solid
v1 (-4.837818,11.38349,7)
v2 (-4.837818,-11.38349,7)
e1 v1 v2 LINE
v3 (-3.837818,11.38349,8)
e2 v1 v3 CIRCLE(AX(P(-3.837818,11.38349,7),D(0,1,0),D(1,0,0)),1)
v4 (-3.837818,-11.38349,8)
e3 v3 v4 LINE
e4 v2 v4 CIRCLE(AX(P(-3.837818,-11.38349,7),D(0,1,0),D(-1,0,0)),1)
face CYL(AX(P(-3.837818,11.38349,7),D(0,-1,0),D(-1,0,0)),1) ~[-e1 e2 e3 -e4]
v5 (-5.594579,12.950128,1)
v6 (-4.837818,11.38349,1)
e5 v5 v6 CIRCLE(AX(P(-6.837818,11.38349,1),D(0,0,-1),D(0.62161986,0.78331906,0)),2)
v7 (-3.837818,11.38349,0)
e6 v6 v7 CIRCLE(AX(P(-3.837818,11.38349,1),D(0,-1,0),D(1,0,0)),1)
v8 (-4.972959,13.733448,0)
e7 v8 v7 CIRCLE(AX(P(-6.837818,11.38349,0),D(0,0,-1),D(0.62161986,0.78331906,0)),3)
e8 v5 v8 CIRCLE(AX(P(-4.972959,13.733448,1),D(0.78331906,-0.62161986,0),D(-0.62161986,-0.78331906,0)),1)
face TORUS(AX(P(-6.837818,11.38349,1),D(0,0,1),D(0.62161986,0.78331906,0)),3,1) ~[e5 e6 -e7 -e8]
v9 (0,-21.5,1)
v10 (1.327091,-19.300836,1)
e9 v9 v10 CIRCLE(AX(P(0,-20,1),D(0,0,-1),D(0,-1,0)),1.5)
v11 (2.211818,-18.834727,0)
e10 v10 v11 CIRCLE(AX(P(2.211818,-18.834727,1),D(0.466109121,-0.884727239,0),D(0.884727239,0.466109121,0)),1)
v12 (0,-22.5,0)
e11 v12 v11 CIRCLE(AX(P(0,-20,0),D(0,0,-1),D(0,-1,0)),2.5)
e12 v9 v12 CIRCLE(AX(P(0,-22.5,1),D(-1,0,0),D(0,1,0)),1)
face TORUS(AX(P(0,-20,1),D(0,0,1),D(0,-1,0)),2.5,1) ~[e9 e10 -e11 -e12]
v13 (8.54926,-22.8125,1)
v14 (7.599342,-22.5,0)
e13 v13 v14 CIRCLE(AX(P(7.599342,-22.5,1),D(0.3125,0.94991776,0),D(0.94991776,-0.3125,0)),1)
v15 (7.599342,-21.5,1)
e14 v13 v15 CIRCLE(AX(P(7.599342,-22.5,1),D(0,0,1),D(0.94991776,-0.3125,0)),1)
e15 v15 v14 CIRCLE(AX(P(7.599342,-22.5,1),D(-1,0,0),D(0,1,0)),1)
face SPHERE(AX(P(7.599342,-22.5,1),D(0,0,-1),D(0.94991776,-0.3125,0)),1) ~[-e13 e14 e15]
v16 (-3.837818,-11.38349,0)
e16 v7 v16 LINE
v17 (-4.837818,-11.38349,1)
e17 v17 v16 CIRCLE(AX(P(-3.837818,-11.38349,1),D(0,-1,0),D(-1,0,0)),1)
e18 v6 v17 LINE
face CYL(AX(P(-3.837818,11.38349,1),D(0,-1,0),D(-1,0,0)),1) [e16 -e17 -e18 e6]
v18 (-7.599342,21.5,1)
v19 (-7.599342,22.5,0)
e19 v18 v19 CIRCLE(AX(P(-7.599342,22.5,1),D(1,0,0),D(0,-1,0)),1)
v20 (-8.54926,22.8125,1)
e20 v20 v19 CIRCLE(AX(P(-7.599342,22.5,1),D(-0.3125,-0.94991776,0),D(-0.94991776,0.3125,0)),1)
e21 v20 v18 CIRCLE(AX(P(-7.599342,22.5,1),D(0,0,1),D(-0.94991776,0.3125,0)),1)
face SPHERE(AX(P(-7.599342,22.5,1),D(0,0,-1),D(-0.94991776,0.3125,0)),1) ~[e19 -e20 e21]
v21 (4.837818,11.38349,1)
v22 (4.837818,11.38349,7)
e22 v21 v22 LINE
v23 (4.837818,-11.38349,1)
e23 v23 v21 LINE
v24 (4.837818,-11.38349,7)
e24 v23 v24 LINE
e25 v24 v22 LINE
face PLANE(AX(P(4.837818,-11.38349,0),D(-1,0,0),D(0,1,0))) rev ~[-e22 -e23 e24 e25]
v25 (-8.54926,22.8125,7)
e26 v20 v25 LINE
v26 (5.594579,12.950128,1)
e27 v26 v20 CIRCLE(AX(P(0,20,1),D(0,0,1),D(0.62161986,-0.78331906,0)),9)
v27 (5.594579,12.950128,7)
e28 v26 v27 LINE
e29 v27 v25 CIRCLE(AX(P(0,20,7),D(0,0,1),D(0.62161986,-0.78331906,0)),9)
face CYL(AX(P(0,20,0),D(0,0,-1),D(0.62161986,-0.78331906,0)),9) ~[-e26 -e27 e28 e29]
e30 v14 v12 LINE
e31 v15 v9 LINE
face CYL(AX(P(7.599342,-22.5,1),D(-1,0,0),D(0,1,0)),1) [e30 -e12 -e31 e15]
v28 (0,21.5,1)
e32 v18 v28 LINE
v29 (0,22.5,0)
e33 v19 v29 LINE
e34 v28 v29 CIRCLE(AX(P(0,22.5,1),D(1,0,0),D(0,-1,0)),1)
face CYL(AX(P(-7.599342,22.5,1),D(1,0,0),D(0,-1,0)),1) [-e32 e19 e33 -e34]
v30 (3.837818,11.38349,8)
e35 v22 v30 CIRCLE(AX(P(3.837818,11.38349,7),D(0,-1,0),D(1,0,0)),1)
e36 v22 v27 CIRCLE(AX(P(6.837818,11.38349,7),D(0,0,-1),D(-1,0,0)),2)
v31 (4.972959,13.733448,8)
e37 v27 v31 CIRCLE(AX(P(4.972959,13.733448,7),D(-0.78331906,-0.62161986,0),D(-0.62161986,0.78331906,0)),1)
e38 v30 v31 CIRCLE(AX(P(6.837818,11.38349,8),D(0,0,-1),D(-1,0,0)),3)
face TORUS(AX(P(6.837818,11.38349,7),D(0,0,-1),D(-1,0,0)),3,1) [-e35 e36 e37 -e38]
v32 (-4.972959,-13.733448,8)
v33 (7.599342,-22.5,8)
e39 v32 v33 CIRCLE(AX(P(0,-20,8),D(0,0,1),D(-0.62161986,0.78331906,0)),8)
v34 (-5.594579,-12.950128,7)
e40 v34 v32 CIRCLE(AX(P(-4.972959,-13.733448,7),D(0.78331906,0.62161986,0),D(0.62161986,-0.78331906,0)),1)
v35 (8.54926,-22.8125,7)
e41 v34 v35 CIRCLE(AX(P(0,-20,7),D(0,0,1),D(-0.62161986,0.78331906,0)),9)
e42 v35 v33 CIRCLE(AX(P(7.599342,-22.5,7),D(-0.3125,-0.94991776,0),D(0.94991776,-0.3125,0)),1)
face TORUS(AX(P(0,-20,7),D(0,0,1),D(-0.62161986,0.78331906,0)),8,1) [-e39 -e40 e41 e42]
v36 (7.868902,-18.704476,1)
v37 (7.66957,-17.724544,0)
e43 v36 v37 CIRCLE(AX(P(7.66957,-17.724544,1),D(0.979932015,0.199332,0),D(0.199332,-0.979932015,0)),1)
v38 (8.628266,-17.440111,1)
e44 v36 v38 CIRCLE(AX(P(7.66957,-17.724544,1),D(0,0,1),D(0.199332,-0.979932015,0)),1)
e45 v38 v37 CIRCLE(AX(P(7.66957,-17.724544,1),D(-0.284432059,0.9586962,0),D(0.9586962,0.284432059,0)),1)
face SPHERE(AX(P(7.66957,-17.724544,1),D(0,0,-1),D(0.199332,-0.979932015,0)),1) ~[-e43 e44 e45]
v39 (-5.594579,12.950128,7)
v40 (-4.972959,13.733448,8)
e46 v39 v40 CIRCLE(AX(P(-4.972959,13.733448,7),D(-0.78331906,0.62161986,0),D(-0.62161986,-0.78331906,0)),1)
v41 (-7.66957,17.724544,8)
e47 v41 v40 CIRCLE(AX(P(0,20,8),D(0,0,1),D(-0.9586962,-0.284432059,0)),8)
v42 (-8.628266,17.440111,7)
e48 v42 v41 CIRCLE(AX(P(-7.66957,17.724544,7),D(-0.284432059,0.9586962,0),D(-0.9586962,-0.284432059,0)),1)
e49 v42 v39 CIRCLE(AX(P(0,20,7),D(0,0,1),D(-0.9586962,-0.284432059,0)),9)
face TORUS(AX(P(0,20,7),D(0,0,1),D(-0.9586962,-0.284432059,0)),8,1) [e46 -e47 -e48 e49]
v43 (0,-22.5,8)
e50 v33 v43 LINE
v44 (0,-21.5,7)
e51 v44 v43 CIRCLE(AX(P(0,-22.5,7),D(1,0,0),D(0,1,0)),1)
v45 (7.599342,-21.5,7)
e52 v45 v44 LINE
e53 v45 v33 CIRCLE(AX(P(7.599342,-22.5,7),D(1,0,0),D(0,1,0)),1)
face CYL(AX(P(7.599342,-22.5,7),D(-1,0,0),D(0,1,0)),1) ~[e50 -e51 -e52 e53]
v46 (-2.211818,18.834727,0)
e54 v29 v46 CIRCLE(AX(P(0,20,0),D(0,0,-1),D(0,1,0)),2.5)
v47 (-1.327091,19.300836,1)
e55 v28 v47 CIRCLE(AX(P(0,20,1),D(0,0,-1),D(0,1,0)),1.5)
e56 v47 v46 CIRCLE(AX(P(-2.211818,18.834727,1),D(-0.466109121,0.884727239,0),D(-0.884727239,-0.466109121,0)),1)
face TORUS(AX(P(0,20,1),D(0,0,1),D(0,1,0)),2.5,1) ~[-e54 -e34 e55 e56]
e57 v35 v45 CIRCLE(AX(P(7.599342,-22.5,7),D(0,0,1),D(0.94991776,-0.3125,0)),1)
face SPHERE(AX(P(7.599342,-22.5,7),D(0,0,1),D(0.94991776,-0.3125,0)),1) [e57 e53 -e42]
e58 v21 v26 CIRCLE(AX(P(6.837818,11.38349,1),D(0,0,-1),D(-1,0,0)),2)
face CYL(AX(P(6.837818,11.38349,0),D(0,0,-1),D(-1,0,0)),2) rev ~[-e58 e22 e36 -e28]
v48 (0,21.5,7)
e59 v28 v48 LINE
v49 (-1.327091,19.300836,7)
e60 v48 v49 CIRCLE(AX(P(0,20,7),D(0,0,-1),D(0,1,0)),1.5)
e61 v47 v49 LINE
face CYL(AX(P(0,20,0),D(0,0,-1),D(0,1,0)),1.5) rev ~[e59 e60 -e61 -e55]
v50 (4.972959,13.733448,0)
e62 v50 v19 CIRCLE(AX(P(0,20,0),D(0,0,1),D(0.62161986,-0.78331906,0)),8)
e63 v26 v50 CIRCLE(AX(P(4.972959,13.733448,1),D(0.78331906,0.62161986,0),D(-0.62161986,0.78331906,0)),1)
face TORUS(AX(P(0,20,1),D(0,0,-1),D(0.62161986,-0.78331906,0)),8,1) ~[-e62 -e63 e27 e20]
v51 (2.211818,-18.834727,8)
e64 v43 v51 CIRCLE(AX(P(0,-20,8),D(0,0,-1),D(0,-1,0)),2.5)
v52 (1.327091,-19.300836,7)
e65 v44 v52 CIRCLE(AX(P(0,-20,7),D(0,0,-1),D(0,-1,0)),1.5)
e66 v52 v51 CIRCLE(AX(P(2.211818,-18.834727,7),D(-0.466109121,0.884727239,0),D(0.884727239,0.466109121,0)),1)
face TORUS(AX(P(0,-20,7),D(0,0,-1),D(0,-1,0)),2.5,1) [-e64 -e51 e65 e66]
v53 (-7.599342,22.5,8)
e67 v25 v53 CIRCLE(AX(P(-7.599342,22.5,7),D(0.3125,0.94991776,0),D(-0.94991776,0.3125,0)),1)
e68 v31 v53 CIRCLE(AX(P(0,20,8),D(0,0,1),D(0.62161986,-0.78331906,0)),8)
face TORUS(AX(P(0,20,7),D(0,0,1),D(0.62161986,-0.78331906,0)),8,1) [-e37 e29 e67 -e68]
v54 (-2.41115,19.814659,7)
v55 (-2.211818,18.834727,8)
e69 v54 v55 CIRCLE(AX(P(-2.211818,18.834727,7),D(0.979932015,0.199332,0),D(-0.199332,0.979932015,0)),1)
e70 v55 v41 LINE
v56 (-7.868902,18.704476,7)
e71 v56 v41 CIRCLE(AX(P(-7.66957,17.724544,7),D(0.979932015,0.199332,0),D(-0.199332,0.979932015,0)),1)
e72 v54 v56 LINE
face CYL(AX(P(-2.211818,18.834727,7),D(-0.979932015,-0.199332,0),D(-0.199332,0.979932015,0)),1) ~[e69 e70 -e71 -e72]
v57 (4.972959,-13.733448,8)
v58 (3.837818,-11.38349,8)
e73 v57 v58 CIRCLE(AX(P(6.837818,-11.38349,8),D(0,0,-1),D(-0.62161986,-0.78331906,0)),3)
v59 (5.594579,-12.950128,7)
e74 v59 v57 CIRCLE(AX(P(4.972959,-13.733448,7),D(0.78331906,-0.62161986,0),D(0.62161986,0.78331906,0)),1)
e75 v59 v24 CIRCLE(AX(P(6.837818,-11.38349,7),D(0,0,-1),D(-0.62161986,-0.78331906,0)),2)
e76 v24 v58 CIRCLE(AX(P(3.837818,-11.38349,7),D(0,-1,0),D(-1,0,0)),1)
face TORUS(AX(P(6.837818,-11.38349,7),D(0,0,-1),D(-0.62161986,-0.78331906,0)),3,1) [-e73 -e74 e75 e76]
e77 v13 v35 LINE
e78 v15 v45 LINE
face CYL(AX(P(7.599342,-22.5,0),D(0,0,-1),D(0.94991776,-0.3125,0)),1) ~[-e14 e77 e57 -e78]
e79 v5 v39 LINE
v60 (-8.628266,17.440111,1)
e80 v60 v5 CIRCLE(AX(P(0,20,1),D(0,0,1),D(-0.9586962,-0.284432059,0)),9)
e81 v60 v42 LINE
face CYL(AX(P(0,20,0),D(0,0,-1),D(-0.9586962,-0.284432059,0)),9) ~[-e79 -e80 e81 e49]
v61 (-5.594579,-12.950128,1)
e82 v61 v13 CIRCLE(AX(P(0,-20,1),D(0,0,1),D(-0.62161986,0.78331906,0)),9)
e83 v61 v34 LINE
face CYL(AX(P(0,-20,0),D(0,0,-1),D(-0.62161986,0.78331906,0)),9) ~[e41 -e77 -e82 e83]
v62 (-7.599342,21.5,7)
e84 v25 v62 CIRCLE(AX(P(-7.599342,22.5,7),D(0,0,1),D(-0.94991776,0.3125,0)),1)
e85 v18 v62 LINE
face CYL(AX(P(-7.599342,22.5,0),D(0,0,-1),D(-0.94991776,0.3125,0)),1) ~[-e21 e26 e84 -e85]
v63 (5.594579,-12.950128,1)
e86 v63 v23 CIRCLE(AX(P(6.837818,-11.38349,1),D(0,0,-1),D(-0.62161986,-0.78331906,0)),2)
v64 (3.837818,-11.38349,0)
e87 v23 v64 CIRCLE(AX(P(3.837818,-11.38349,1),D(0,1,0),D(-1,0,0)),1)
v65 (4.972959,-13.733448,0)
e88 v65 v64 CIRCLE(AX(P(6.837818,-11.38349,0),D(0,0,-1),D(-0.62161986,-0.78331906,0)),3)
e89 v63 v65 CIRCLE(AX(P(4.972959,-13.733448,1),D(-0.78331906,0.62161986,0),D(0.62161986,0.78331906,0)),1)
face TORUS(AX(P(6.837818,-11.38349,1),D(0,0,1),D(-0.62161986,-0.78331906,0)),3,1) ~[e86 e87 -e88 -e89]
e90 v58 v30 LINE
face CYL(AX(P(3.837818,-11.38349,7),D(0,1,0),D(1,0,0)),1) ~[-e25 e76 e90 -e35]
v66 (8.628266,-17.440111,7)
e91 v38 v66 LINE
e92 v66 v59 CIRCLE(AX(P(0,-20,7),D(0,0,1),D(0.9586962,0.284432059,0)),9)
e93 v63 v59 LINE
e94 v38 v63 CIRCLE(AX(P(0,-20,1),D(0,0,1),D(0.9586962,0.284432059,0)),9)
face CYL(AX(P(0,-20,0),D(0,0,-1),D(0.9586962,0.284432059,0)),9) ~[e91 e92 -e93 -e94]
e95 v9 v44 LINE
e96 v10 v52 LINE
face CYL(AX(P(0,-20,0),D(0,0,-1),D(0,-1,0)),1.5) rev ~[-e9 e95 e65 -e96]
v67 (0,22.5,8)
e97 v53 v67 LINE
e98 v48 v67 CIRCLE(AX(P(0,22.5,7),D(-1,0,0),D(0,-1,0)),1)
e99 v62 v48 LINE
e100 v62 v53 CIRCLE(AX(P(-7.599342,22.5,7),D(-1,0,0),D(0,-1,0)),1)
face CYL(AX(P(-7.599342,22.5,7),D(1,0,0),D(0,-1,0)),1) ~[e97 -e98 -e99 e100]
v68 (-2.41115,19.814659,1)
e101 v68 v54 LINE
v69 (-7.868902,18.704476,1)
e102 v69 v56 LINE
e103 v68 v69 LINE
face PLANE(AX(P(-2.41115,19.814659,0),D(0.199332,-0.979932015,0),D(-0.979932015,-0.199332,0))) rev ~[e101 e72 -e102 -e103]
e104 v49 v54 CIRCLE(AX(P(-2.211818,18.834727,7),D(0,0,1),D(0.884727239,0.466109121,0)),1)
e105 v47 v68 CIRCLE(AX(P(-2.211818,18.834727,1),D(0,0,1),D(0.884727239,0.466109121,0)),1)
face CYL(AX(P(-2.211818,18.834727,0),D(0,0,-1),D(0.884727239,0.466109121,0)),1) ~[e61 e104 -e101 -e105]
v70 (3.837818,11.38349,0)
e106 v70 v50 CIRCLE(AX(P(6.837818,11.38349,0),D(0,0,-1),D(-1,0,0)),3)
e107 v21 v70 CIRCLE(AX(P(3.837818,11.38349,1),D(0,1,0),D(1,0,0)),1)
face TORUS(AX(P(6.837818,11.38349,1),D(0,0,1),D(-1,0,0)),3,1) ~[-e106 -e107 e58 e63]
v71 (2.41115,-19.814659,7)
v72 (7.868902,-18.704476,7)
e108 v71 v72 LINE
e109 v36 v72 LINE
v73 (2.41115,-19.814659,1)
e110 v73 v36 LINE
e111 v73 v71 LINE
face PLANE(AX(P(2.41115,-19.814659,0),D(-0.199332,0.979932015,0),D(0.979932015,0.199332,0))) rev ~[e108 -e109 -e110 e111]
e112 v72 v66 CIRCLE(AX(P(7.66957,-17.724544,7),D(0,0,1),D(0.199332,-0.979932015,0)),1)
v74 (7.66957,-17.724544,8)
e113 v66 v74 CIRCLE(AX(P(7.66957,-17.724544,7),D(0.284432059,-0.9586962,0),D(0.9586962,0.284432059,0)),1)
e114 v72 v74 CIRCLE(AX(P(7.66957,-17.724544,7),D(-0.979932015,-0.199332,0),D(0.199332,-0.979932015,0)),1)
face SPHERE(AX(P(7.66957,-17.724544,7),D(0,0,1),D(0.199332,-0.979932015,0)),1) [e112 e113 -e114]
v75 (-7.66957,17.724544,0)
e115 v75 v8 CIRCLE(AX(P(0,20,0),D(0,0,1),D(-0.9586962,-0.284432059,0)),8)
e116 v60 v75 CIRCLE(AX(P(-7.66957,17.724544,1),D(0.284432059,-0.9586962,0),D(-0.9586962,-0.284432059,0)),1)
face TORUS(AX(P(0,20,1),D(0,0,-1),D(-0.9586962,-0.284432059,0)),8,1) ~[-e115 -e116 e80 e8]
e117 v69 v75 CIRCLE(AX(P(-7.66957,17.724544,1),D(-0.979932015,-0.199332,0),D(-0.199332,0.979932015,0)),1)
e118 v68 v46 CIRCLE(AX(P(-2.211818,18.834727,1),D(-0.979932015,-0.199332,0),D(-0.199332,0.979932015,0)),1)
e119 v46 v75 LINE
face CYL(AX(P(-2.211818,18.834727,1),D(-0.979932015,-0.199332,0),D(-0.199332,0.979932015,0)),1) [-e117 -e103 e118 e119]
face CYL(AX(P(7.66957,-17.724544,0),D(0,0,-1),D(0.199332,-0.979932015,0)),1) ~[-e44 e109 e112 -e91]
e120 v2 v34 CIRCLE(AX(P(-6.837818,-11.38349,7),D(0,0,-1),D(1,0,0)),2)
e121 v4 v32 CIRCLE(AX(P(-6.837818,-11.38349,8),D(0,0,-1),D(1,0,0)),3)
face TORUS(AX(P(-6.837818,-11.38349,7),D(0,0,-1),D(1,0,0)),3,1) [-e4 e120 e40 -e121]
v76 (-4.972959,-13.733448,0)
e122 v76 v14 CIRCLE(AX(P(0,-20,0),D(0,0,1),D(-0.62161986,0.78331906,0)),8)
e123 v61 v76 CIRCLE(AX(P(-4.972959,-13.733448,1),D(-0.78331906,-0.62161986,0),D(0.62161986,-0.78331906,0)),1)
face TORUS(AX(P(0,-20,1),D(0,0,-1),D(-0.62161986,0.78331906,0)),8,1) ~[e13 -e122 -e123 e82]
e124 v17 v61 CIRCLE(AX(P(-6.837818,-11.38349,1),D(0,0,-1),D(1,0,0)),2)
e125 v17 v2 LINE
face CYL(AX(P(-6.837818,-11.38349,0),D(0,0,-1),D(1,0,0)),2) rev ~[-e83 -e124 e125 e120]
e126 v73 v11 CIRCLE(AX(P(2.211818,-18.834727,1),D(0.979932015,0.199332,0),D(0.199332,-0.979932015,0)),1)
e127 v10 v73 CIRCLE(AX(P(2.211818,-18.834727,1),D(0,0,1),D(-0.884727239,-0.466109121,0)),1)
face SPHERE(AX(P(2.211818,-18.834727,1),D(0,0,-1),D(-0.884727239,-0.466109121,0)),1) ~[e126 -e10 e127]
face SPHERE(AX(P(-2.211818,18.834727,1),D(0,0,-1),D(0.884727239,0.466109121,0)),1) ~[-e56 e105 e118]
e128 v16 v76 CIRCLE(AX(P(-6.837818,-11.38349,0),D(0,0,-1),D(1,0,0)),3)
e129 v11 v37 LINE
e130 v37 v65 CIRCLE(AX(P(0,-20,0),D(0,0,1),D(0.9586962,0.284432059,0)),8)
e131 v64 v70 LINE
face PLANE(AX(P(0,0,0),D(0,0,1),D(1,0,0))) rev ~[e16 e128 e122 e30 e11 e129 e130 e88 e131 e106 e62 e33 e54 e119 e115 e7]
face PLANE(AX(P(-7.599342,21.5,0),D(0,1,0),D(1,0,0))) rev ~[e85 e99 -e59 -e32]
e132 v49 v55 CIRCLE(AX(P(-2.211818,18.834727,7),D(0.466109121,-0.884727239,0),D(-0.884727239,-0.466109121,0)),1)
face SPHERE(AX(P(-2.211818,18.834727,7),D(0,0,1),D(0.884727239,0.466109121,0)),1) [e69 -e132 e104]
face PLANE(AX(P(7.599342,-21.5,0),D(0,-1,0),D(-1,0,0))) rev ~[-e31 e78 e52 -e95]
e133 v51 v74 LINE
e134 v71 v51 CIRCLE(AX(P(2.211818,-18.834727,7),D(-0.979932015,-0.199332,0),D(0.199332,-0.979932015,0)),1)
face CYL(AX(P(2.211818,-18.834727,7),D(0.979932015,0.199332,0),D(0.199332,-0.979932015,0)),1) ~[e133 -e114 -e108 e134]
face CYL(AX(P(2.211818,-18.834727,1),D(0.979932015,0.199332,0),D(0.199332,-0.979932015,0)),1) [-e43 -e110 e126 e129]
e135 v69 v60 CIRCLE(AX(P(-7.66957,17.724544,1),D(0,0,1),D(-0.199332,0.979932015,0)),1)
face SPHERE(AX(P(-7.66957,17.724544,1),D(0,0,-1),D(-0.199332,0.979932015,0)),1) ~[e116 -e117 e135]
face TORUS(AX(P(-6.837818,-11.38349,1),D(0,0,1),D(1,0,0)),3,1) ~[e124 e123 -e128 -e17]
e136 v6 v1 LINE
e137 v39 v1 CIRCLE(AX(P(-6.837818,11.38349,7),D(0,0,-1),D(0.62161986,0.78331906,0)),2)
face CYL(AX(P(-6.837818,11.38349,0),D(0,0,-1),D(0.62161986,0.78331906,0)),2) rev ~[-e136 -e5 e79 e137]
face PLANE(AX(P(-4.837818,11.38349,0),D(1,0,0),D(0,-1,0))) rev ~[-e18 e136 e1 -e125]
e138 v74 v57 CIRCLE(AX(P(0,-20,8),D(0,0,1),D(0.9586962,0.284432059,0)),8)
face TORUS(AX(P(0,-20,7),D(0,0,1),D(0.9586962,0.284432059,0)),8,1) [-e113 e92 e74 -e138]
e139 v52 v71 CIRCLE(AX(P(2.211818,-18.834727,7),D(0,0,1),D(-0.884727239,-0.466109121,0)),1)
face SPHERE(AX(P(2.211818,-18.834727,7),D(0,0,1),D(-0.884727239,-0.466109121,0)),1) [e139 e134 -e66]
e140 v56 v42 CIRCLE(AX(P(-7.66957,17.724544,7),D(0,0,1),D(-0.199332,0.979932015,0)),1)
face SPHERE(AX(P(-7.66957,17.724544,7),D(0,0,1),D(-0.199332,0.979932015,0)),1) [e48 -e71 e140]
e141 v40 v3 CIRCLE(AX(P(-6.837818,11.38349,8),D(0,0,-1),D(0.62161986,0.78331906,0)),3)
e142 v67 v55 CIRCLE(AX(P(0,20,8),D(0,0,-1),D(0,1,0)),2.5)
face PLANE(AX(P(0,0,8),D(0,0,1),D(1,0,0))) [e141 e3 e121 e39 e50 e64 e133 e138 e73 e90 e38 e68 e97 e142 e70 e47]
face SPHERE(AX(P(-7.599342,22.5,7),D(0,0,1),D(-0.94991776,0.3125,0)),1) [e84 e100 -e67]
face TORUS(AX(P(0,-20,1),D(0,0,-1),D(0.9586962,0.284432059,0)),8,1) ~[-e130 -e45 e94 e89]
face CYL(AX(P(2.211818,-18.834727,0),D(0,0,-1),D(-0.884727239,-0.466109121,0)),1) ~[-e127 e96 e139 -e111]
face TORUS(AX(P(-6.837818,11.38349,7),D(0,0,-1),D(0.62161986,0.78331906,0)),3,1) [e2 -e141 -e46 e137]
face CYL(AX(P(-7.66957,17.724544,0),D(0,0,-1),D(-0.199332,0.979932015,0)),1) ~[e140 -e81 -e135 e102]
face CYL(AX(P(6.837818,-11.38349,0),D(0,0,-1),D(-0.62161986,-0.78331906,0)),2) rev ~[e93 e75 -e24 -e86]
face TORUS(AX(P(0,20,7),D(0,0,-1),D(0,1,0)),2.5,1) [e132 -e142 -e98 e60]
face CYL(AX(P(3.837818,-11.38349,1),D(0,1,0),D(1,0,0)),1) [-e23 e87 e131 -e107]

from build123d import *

# Parameters (mm, degrees)
F1_DEPTH = 8
F2_R     = 1


with BuildPart() as f1:
    # F0 (on Top) → F1 (new body)
    with BuildSketch(Plane.XY):
        with BuildLine():
            ThreePointArc((4.8378184612, 11.3834903417), (5.0369187638, 12.253410039), (5.594578741, 12.9501284614))
            ThreePointArc((5.594578741, 12.9501284614), (5.1477303917, 27.3824705766), (-8.5492598364, 22.8125))
            ThreePointArc((-8.5492598364, 22.8125), (-8.4094346641, 21.91369803), (-7.5993420768, 21.5))
            Line((-7.5993420768, 21.5), (0, 21.5))
            ThreePointArc((0, 21.5), (1.2842790822, 19.2249985555), (-1.3270908585, 19.3008363187))
            ThreePointArc((-1.3270908585, 19.3008363187), (-1.7835131243, 19.7383614435), (-2.4111500974, 19.8146592127))
            Line((-2.4111500974, 19.8146592127), (-7.8689015991, 18.7044755415))
            ThreePointArc((-7.8689015991, 18.7044755415), (-8.5268393677, 18.2394110281), (-8.6282657991, 17.4401114674))
            ThreePointArc((-8.6282657991, 17.4401114674), (-7.4573663952, 14.9613805017), (-5.594578741, 12.9501284614))
            ThreePointArc((-5.594578741, 12.9501284614), (-5.0369187638, 12.253410039), (-4.8378184612, 11.3834903417))
            Line((-4.8378184612, 11.3834903417), (-4.8378184612, -11.3834903417))
            ThreePointArc((-4.8378184612, -11.3834903417), (-5.0369187638, -12.253410039), (-5.594578741, -12.9501284614))
            ThreePointArc((-5.594578741, -12.9501284614), (-5.1477303917, -27.3824705766), (8.5492598364, -22.8125))
            ThreePointArc((8.5492598364, -22.8125), (8.4094346641, -21.91369803), (7.5993420768, -21.5))
            Line((7.5993420768, -21.5), (0, -21.5))
            ThreePointArc((0, -21.5), (-1.2842790822, -19.2249985555), (1.3270908585, -19.3008363187))
            ThreePointArc((1.3270908585, -19.3008363187), (1.7835131243, -19.7383614435), (2.4111500974, -19.8146592127))
            Line((2.4111500974, -19.8146592127), (7.8689015991, -18.7044755415))
            ThreePointArc((7.8689015991, -18.7044755415), (8.5268393677, -18.2394110281), (8.6282657991, -17.4401114674))
            ThreePointArc((8.6282657991, -17.4401114674), (7.4573663952, -14.9613805017), (5.594578741, -12.9501284614))
            ThreePointArc((5.594578741, -12.9501284614), (5.0369187638, -12.253410039), (4.8378184612, -11.3834903417))
            Line((4.8378184612, -11.3834903417), (4.8378184612, 11.3834903417))
        make_face()
    extrude(amount=F1_DEPTH)

    # F2
    f2_edges = [f1.edges().sort_by_distance(p)[0] for p in [
        (8.526839, -18.239411, 8),
        (7.457366, -14.961381, 8),
        (5.036919, -12.25341, 8),
        (4.837818, 0, 8),
        (5.036919, 12.25341, 8),
        (5.14773, 27.382471, 8),
        (-8.409435, 21.913698, 8),
        (-3.799671, 21.5, 8),
        (1.284279, 19.224999, 8),
        (-1.783513, 19.738361, 8),
        (-5.140026, 19.259567, 8),
        (-8.526839, 18.239411, 8),
        (-7.457366, 14.961381, 8),
        (-5.036919, 12.25341, 8),
        (-4.837818, 0, 8),
        (-5.036919, -12.25341, 8),
        (-5.14773, -27.382471, 8),
        (8.409435, -21.913698, 8),
        (3.799671, -21.5, 8),
        (-1.284279, -19.224999, 8),
        (1.783513, -19.738361, 8),
        (5.140026, -19.259567, 8),
        (8.526839, -18.239411, 0),
        (7.457366, -14.961381, 0),
        (5.036919, -12.25341, 0),
        (4.837818, 0, 0),
        (5.036919, 12.25341, 0),
        (5.14773, 27.382471, 0),
        (-8.409435, 21.913698, 0),
        (-3.799671, 21.5, 0),
        (1.284279, 19.224999, 0),
        (-1.783513, 19.738361, 0),
        (-5.140026, 19.259567, 0),
        (-8.526839, 18.239411, 0),
        (-7.457366, 14.961381, 0),
        (-5.036919, 12.25341, 0),
        (-4.837818, 0, 0),
        (-5.036919, -12.25341, 0),
        (-5.14773, -27.382471, 0),
        (8.409435, -21.913698, 0),
        (3.799671, -21.5, 0),
        (-1.284279, -19.224999, 0),
        (1.783513, -19.738361, 0),
        (5.140026, -19.259567, 0),
    ]]
    fillet(f2_edges, radius=F2_R)


solid = f1.part
